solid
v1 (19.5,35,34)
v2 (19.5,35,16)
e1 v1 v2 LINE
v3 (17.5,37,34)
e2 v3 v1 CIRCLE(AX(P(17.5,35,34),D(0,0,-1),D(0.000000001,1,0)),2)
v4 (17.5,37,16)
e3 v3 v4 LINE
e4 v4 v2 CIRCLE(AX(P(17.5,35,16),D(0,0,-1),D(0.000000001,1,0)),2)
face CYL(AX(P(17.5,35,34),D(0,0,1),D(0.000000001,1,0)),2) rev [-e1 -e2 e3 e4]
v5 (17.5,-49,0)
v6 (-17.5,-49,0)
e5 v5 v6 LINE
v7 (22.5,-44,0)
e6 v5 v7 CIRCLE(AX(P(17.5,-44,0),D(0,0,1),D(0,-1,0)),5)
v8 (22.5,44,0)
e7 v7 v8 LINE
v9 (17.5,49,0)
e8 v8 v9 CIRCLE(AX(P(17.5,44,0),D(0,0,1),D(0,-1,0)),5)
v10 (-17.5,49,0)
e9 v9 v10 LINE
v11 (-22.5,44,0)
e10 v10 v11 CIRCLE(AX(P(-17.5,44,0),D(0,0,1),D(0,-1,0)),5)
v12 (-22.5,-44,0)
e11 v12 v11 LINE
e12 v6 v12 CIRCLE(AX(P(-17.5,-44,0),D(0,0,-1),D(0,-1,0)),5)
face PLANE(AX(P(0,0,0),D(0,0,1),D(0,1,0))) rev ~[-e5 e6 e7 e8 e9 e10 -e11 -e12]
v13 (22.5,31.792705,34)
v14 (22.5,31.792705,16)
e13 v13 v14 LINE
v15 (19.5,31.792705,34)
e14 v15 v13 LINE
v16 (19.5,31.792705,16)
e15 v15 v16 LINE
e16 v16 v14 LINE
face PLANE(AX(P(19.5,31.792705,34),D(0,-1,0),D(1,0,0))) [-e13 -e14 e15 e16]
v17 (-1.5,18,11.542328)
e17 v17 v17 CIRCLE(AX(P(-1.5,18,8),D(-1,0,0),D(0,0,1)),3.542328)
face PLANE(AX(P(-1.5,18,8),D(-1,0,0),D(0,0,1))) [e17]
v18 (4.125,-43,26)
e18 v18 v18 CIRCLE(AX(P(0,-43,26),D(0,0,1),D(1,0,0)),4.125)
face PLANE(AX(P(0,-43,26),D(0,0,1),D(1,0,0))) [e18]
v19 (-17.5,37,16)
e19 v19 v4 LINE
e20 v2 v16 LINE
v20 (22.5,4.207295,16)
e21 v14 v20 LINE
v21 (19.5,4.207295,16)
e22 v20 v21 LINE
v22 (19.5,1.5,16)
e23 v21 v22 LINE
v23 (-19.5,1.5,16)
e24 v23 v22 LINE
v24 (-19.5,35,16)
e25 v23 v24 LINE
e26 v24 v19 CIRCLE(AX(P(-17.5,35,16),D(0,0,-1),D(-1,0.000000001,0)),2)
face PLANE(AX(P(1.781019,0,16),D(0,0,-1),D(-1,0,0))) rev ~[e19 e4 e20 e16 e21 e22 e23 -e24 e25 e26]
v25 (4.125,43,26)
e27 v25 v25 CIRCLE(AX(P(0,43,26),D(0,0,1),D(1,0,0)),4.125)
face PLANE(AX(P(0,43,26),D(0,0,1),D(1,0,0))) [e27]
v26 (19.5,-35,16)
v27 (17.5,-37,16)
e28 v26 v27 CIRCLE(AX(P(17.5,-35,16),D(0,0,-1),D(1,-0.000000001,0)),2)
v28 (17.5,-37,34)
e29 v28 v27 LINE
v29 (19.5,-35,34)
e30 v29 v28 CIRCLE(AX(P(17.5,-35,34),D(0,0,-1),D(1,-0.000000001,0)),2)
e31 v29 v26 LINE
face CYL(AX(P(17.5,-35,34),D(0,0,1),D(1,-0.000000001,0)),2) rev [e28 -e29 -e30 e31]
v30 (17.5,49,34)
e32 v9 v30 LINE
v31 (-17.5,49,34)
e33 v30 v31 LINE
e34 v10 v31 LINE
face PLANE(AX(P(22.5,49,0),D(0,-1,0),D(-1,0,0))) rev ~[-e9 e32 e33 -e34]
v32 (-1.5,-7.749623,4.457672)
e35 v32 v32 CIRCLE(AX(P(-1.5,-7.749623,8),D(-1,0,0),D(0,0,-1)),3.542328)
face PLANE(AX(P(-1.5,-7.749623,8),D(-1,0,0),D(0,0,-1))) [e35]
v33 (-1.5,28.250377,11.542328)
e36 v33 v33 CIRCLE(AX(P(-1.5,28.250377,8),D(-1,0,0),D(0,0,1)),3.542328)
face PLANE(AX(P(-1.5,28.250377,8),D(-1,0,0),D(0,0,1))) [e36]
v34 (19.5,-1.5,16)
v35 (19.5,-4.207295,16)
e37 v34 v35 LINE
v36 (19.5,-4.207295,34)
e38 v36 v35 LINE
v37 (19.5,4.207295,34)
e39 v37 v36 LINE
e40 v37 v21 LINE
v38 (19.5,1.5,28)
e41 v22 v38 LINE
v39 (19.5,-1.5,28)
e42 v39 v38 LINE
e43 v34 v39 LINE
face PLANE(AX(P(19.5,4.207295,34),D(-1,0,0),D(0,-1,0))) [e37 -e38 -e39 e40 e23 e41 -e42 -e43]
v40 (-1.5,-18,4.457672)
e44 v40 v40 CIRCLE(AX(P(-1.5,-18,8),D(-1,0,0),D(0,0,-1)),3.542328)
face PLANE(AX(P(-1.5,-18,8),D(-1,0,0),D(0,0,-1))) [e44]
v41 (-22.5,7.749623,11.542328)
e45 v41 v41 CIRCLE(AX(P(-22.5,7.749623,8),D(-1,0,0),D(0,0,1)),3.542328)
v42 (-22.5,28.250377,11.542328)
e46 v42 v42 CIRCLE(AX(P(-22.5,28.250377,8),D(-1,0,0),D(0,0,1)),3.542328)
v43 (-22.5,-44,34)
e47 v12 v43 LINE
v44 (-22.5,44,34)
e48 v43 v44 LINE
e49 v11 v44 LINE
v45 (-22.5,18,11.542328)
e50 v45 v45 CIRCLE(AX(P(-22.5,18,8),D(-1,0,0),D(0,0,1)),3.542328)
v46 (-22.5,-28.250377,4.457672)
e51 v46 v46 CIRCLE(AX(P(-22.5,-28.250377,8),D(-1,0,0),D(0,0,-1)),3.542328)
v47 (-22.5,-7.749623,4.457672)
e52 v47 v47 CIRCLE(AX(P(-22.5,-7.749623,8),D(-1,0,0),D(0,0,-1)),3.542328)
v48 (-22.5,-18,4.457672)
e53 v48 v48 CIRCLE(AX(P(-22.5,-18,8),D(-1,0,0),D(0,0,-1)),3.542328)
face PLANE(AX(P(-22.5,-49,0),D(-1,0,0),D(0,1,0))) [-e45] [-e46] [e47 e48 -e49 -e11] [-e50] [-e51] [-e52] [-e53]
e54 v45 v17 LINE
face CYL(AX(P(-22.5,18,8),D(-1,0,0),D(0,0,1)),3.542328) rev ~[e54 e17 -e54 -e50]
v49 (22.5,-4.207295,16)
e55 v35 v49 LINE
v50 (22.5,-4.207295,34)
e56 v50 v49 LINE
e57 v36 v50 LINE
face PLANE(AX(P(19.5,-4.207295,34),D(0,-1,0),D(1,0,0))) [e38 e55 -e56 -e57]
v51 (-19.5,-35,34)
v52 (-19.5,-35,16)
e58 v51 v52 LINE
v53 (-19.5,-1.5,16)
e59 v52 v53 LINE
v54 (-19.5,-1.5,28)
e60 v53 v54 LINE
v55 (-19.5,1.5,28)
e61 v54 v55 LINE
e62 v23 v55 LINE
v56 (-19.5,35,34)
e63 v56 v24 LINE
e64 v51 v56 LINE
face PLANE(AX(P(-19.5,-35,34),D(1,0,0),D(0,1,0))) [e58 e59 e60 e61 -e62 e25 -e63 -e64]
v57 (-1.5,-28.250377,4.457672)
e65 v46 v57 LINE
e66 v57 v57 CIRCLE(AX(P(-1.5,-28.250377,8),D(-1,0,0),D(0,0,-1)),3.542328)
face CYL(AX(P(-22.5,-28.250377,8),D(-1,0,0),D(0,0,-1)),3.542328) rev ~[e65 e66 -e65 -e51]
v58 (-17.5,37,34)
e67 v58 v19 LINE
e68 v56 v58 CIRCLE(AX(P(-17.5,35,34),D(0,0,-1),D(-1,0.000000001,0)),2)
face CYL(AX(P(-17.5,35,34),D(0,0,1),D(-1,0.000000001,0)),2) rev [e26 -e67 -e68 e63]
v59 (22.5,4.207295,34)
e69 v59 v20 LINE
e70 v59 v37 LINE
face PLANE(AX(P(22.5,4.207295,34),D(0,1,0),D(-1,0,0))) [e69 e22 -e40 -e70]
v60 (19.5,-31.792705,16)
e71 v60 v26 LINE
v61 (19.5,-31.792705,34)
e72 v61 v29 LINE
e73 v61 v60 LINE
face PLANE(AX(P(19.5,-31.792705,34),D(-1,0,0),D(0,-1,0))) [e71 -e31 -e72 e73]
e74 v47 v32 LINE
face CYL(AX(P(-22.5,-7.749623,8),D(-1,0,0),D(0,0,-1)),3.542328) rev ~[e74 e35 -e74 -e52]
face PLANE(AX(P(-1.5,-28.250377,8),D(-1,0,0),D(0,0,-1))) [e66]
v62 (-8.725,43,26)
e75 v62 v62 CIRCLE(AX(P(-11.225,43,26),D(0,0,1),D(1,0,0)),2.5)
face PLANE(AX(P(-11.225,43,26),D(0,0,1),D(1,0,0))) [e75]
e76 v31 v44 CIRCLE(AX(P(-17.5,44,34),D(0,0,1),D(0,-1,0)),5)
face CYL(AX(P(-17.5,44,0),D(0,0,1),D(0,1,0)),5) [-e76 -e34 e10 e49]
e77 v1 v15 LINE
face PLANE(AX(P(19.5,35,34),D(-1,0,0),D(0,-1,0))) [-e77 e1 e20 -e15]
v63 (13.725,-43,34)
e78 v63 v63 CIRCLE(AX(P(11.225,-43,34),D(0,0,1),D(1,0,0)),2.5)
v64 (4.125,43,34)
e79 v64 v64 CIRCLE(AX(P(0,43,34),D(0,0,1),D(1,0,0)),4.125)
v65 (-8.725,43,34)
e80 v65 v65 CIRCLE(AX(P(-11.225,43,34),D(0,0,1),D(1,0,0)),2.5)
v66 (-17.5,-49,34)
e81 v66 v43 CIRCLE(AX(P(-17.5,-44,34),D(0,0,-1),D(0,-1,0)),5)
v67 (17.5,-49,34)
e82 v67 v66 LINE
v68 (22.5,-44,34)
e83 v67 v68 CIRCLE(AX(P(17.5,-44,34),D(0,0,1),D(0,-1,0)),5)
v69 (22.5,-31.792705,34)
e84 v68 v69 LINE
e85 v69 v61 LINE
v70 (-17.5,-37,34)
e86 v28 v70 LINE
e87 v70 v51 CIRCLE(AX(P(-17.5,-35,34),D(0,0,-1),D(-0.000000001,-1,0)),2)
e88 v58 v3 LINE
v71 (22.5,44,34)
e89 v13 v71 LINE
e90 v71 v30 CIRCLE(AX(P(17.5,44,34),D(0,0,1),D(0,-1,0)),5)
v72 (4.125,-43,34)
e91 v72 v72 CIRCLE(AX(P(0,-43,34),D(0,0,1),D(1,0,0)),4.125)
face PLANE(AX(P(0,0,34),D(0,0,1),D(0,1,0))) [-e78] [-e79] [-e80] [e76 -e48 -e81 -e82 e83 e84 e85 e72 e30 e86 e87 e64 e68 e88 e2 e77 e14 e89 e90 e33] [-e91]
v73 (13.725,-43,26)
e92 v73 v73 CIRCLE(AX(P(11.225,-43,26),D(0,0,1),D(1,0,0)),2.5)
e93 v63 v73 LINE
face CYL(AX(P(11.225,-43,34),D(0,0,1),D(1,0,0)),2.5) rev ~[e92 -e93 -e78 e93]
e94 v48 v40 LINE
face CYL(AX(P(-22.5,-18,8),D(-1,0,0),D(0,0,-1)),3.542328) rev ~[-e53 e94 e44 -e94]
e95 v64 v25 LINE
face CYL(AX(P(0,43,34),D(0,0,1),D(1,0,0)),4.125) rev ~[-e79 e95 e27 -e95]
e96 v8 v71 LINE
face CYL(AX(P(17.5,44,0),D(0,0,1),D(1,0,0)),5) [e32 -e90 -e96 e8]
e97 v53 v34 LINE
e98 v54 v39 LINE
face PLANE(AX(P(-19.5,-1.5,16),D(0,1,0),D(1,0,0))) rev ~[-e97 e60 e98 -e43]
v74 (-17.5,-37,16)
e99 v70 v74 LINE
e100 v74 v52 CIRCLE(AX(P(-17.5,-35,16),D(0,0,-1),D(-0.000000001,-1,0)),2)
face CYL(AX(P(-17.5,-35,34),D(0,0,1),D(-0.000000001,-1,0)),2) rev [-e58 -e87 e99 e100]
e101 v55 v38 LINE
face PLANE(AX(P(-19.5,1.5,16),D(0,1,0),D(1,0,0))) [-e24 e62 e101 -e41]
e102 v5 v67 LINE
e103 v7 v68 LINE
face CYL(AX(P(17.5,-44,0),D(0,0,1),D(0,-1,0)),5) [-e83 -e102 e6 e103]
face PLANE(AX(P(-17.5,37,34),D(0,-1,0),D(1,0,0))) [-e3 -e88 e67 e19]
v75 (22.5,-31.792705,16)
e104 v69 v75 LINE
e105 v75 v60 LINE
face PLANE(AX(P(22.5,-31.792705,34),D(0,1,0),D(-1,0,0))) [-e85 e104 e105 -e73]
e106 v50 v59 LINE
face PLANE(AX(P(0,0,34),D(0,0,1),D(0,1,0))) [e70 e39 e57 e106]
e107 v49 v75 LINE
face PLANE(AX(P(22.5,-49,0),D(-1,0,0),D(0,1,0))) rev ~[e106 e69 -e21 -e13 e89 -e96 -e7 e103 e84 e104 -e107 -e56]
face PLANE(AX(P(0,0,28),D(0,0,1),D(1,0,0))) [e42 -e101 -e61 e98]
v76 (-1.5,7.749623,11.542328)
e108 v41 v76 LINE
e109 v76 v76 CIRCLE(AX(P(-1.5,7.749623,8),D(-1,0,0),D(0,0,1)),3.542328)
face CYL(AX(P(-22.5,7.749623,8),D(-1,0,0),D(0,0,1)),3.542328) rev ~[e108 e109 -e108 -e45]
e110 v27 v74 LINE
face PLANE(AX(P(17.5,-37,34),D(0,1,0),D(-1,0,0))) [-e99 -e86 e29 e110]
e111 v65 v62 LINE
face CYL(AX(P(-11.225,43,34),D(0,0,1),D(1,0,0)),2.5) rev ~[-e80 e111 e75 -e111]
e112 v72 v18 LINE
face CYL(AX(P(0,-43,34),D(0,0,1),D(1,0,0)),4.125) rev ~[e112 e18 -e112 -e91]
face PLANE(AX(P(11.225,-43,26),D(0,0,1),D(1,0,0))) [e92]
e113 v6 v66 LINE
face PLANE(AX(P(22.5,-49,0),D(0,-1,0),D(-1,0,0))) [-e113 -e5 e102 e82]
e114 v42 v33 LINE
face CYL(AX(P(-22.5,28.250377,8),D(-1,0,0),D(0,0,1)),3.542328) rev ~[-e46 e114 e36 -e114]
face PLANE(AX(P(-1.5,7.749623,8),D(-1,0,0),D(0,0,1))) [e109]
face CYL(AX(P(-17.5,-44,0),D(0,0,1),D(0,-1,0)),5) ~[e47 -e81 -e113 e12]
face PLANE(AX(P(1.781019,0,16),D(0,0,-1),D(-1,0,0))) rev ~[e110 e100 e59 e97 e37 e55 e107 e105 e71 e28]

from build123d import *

# Parameters (mm, degrees)
CROQUIS1_W              = 98
CROQUIS1_H              = 45
SALIENTE_EXTRUIR1_DEPTH = 34
REDONDEO1_R             = 5
CROQUIS2_R              = 4.125
CROQUIS2_R_2            = 2.5
CORTAR_EXTRUIR1_DEPTH   = 8
CORTAR_EXTRUIR2_DEPTH   = 18
CROQUIS4_W              = 39
CROQUIS4_H              = 3
SALIENTE_EXTRUIR2_DEPTH = 12
CROQUIS5_R              = 3.54232781
CORTAR_EXTRUIR3_DEPTH   = 21


with BuildPart() as part:
    # Croquis1 → Saliente-Extruir1 (new body)
    with BuildSketch(Plane(origin=(0, 0, 0), x_dir=(0, 1, 0), z_dir=(0, 0, 1))):
        Rectangle(CROQUIS1_W, CROQUIS1_H)
    extrude(amount=SALIENTE_EXTRUIR1_DEPTH)

    # Redondeo1
    redondeo1_edges = [part.edges().sort_by_distance(p)[0] for p in [
        (22.5, 49, 17),
        (22.5, -49, 17),
        (-22.5, -49, 17),
        (-22.5, 49, 17),
    ]]
    fillet(redondeo1_edges, radius=REDONDEO1_R)

    # Croquis2 → Cortar-Extruir1 (cut)
    with BuildSketch(Plane.XY.offset(34)):
        with Locations((0, 43)):
            Circle(CROQUIS2_R)
        with Locations((0, -43)):
            Circle(CROQUIS2_R)
        with Locations((-11.225, 43)):
            Circle(CROQUIS2_R_2)
        with Locations((11.225, -43)):
            Circle(CROQUIS2_R_2)
    extrude(amount=-CORTAR_EXTRUIR1_DEPTH, mode=Mode.SUBTRACT)

    # Croquis3 → Cortar-Extruir2 (cut)
    with BuildSketch(Plane.XY.offset(34)):
        with BuildLine():
            Line((-19.5, -35), (-19.5, 35))
            ThreePointArc((-19.5, 35), (-18.914213562, 36.414213562), (-17.5, 37))
            Line((-17.5, 37), (17.5, 37))
            ThreePointArc((17.5, 37), (18.914213562, 36.414213562), (19.5, 35))
            Line((19.5, 35), (19.5, 31.792704716))
            Line((19.5, 31.792704716), (22.5, 31.792704716))
            Line((22.5, 31.792704716), (22.5, 4.207295284))
            Line((22.5, 4.207295284), (19.5, 4.207295284))
            Line((19.5, 4.207295284), (19.5, -4.207295284))
            Line((19.5, -4.207295284), (22.5, -4.207295284))
            Line((22.5, -4.207295284), (22.5, -31.792704716))
            Line((22.5, -31.792704716), (19.5, -31.792704716))
            Line((19.5, -31.792704716), (19.5, -35))
            ThreePointArc((19.5, -35), (18.914213562, -36.414213562), (17.5, -37))
            Line((17.5, -37), (-17.5, -37))
            ThreePointArc((-17.5, -37), (-18.914213562, -36.414213562), (-19.5, -35))
        make_face()
    extrude(amount=-CORTAR_EXTRUIR2_DEPTH, mode=Mode.SUBTRACT)

    # Croquis4 → Saliente-Extruir2 (add)
    with BuildSketch(Plane.XY.offset(16)):
        Rectangle(CROQUIS4_W, CROQUIS4_H)
    extrude(amount=SALIENTE_EXTRUIR2_DEPTH)

    # Croquis5 → Cortar-Extruir3 (cut)
    with BuildSketch(Plane(origin=(-22.5, 0, 0), x_dir=(0, -1, 0), z_dir=(-1, 0, 0))):
        with Locations(Location((-7.749623094, 8, 0), (0, 0, 90))):
            Circle(CROQUIS5_R)
        with Locations(Location((-18, 8, 0), (0, 0, 90))):
            Circle(CROQUIS5_R)
        with Locations(Location((-28.250376906, 8, 0), (0, 0, 90))):
            Circle(CROQUIS5_R)
        with Locations(Location((28.250376906, 8, 0), (0, 0, 270))):
            Circle(CROQUIS5_R)
        with Locations(Location((18, 8, 0), (0, 0, 270))):
            Circle(CROQUIS5_R)
        with Locations(Location((7.749623094, 8, 0), (0, 0, 270))):
            Circle(CROQUIS5_R)
    extrude(amount=-CORTAR_EXTRUIR3_DEPTH, mode=Mode.SUBTRACT)


solid = part.part
